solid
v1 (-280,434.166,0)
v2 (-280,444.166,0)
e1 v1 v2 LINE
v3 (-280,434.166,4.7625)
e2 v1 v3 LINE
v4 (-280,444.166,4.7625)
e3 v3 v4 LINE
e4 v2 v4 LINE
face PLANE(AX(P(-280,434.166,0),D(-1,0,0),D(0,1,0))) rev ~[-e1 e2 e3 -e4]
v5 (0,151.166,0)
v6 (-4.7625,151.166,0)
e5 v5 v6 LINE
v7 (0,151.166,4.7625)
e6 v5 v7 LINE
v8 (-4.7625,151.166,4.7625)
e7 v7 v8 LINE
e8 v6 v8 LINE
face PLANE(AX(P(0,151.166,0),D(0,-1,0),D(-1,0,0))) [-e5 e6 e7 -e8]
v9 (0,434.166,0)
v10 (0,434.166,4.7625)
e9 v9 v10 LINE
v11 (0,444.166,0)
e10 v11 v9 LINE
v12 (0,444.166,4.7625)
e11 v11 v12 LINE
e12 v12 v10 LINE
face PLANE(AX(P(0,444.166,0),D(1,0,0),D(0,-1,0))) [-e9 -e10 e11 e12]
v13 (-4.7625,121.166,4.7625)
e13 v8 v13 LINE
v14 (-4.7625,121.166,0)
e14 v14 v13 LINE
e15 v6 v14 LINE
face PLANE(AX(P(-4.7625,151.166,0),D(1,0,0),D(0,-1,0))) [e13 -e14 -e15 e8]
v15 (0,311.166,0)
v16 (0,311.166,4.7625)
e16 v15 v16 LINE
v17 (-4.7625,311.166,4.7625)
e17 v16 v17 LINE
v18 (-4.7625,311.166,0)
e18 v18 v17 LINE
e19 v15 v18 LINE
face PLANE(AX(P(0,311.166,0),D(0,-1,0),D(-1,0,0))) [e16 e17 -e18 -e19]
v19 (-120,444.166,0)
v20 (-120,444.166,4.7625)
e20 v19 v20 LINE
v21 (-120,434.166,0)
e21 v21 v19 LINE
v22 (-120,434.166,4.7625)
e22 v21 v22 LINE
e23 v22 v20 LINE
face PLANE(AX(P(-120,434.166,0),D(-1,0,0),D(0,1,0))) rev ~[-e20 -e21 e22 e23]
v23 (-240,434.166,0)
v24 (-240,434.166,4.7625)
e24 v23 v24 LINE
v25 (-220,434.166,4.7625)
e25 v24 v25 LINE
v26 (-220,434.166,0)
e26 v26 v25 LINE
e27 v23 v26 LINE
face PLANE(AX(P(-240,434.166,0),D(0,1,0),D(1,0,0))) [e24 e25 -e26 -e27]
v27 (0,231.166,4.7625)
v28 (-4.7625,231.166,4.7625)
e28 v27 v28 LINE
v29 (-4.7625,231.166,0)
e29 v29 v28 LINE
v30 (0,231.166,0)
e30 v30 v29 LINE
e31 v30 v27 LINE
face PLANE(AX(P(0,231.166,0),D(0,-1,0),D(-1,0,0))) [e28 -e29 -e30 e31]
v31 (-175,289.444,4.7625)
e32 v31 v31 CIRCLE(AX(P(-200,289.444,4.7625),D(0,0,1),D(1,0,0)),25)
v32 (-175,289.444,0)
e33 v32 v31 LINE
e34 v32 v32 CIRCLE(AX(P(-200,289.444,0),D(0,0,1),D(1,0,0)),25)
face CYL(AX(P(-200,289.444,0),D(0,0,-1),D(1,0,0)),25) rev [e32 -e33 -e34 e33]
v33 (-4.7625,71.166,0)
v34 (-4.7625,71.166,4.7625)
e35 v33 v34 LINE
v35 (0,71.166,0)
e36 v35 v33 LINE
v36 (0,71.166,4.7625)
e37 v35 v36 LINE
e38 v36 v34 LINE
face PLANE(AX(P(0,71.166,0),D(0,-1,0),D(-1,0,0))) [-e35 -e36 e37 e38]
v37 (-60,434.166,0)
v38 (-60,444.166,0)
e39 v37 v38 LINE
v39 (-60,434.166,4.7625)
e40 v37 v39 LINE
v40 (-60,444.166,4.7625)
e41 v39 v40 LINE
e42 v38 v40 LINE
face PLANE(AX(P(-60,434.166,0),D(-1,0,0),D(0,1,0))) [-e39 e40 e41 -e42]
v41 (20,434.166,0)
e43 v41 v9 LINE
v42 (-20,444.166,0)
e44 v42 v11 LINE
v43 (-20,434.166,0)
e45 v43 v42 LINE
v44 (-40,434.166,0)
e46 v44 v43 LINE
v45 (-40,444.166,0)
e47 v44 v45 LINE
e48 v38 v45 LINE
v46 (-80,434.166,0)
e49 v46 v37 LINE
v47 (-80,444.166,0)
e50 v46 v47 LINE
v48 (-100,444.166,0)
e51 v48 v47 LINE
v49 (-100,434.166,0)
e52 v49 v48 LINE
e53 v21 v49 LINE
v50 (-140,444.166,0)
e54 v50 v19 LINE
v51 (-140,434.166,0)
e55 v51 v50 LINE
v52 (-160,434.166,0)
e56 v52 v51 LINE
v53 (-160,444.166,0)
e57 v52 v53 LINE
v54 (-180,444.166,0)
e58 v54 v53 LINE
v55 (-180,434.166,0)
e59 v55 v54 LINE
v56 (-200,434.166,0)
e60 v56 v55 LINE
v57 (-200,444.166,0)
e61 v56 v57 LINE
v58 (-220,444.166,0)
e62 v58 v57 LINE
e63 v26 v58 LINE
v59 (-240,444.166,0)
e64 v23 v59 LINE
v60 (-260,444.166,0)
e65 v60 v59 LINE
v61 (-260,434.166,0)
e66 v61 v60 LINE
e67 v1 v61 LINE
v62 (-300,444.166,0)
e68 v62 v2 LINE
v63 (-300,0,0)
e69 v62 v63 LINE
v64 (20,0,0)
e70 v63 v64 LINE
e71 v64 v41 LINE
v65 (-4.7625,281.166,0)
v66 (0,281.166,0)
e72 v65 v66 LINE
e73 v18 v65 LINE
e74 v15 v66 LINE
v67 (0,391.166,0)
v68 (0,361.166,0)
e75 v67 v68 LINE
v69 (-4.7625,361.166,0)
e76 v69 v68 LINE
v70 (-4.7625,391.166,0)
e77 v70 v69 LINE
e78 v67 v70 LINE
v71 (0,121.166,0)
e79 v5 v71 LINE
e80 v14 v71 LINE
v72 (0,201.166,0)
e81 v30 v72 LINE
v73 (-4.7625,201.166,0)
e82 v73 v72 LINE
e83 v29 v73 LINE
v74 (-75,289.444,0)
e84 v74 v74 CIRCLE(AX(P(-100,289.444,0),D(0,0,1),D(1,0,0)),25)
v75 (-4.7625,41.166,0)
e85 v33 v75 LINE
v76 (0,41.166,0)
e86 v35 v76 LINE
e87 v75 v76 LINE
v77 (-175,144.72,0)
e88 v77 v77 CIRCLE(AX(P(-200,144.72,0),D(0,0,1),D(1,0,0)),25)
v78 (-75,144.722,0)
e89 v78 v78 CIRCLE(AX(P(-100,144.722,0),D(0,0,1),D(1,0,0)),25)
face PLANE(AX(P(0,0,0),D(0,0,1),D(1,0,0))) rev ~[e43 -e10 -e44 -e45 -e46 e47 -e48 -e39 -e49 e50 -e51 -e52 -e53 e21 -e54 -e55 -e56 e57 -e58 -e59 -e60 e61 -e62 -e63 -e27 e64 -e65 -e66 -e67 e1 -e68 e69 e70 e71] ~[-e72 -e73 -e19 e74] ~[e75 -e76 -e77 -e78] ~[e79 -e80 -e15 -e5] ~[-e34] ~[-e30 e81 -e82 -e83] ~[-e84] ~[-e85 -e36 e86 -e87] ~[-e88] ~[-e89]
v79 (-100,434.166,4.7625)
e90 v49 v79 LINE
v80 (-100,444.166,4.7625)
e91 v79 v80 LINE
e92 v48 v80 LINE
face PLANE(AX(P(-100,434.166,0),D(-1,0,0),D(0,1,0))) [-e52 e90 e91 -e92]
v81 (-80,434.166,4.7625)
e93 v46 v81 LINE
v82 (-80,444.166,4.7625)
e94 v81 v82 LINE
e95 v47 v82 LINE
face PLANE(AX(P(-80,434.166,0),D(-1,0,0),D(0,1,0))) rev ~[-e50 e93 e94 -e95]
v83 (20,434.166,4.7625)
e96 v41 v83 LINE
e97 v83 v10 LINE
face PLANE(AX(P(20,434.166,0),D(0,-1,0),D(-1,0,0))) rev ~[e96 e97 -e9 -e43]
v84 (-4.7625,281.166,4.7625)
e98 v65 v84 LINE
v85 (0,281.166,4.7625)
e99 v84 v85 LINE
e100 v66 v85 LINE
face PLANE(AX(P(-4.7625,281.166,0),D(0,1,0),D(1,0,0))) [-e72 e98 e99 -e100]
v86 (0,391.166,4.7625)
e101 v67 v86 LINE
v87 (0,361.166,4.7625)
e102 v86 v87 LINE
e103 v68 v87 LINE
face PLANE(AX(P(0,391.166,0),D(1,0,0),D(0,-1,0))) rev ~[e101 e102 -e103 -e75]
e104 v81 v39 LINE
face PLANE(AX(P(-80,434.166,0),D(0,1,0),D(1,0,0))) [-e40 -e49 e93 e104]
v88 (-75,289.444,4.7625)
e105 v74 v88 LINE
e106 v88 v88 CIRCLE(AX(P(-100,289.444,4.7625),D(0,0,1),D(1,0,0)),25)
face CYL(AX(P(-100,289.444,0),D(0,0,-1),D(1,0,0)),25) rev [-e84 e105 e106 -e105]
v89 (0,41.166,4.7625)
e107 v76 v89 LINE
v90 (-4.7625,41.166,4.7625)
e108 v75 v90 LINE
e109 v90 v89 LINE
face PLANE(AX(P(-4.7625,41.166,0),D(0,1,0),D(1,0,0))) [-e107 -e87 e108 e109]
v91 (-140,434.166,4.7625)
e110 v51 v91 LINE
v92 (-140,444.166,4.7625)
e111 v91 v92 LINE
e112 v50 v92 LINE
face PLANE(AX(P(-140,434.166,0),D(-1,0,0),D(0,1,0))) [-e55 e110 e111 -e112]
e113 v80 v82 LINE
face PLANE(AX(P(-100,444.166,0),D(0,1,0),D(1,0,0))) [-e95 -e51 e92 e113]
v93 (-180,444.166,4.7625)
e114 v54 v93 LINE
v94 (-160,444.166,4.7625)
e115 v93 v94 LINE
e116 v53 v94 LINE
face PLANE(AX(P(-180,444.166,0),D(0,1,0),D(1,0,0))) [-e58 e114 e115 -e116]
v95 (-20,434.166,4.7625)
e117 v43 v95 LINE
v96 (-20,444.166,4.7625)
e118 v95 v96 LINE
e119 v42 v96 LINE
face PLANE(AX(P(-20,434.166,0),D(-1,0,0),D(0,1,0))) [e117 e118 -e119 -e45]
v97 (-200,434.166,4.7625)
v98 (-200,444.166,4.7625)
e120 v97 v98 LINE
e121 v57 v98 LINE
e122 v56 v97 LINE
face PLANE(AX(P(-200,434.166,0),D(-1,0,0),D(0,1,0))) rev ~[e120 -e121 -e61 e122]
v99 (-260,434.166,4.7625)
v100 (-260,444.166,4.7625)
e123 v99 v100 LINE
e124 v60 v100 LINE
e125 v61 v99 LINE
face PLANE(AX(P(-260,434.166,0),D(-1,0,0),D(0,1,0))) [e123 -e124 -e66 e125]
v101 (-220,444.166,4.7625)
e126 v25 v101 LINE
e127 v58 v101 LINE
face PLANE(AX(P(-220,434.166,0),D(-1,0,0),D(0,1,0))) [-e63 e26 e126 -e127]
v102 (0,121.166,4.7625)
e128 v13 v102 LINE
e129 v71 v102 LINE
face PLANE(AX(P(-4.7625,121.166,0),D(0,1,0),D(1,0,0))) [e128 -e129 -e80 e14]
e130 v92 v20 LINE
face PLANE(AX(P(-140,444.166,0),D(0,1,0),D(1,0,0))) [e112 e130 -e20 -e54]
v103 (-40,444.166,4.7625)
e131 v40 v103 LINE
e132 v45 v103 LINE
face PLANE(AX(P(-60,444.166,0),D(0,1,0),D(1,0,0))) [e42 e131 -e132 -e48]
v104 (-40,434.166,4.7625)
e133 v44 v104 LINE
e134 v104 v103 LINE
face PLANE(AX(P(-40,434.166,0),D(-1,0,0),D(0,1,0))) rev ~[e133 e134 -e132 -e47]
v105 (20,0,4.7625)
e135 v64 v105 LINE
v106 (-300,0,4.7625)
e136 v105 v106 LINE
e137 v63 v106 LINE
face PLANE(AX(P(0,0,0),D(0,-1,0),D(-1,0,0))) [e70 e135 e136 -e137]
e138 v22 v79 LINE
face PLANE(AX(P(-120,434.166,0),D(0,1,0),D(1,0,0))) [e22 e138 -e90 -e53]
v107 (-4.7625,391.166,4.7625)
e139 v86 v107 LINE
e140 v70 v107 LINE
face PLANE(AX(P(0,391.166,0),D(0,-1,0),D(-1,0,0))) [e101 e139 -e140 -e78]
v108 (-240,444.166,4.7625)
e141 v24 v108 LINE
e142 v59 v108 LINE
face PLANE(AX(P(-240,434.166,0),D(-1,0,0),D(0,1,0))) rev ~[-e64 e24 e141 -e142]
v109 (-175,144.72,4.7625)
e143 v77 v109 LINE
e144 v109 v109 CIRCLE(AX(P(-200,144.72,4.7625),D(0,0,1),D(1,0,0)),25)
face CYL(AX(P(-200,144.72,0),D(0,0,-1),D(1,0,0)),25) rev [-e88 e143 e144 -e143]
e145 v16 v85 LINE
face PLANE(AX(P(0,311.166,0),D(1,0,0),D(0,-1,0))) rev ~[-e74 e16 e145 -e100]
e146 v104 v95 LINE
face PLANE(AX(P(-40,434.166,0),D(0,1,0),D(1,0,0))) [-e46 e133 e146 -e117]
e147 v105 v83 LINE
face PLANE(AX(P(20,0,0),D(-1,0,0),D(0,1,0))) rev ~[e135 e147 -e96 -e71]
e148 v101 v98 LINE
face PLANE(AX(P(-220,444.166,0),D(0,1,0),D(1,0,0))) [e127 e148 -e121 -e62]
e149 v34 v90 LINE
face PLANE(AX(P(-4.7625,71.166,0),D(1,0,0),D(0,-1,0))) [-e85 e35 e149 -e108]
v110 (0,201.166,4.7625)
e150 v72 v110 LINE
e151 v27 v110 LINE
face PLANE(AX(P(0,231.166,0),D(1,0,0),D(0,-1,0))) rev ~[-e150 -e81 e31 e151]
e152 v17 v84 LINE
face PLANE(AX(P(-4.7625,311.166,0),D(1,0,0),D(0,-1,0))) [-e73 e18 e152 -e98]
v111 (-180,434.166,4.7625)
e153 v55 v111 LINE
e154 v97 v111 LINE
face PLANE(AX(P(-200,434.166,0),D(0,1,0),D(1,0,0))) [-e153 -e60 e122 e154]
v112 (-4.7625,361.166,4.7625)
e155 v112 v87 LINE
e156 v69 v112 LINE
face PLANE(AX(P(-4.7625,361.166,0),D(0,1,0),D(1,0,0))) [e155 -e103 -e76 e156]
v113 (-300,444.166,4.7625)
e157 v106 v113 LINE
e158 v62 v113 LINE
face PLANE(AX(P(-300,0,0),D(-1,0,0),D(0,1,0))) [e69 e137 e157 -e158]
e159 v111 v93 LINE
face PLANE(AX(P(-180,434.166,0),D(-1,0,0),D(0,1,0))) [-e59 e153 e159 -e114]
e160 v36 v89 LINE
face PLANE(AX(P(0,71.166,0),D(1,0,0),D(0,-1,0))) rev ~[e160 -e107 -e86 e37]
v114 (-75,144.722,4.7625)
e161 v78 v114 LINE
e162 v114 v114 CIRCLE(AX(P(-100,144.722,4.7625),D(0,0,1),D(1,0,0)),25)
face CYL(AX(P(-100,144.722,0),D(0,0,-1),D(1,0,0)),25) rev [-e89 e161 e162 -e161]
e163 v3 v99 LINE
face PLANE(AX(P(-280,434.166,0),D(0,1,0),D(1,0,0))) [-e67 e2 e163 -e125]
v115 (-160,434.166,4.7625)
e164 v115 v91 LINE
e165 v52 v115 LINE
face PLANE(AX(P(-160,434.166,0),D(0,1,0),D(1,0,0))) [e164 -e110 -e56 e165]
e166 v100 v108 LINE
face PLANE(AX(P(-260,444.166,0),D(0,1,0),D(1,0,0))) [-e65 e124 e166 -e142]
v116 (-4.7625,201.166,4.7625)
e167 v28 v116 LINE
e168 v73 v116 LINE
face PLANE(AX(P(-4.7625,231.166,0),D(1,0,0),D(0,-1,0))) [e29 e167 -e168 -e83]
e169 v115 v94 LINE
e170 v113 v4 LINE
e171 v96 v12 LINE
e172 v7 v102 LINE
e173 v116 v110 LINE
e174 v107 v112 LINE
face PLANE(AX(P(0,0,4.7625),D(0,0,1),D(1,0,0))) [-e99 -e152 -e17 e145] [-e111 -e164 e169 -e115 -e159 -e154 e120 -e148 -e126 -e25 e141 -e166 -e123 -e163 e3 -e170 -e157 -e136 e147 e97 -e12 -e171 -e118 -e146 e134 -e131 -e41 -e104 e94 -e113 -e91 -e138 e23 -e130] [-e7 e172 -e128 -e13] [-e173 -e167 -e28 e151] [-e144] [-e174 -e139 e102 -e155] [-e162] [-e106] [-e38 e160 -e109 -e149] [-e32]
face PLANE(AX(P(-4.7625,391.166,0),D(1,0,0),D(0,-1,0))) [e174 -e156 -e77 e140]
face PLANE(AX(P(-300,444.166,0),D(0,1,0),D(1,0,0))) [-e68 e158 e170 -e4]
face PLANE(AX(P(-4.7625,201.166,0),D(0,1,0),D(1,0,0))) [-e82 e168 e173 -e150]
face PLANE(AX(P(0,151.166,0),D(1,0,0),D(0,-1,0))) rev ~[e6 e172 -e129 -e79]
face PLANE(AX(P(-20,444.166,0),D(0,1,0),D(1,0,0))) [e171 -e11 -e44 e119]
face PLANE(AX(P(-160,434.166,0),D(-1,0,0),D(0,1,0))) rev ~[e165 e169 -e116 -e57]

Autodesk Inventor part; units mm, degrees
ref_plane "YZ Plane" through (0, 0, 0) normal (1, 0, 0) x (0, 1, 0)
ref_plane "XZ Plane" through (0, 0, 0) normal (0, 1, 0) x (-1, 0, 0)
ref_plane "XY Plane" through (0, 0, 0) normal (0, 0, 1) x (1, 0, 0)
ref_plane "Work Plane1" through (0, 0, 0) normal (0, 0, 1) x (1, 0, 0)
sketch "Sketch1" plane through (0, 0, 0) normal (0, 0, 1) x (1, 0, 0)
  line L0 (0, 0) -> (-300, 0)
  line L1 (-300, 0) -> (-300, 434.166)
  line L2 (-300, 434.166) -> (0, 434.166)
  line L3 (0, 434.166) -> (0, 0)
  line L4 (0, 0) -> (20, 0)
  line L5 (20, 0) -> (20, 434.166)
  line L6 (20, 434.166) -> (0, 434.166)
  line L7 (0, 434.166) -> (0, 0)
  line L8 (0, 434.166) -> (-20, 434.166)
  line L9 (-20, 434.166) -> (-20, 444.166)
  line L10 (-20, 444.166) -> (0, 444.166)
  line L11 (0, 444.166) -> (0, 434.166)
  line L12 (-20, 434.166) -> (-40, 434.166)
  line L13 (-40, 434.166) -> (-40, 444.166)
  line L14 (-40, 444.166) -> (-20, 444.166)
  line L15 (-20, 444.166) -> (-20, 434.166)
  line L16 (-40, 434.166) -> (-60, 434.166)
  line L17 (-60, 434.166) -> (-60, 444.166)
  line L18 (-60, 444.166) -> (-40, 444.166)
  line L19 (-40, 444.166) -> (-40, 434.166)
  line L20 (-60, 434.166) -> (-80, 434.166)
  line L21 (-80, 434.166) -> (-80, 444.166)
  line L22 (-80, 444.166) -> (-60, 444.166)
  line L23 (-60, 444.166) -> (-60, 434.166)
  line L24 (-80, 434.166) -> (-100, 434.166)
  line L25 (-100, 434.166) -> (-100, 444.166)
  line L26 (-100, 444.166) -> (-80, 444.166)
  line L27 (-80, 444.166) -> (-80, 434.166)
  line L28 (-100, 434.166) -> (-120, 434.166)
  line L29 (-120, 434.166) -> (-120, 444.166)
  line L30 (-120, 444.166) -> (-100, 444.166)
  line L31 (-100, 444.166) -> (-100, 434.166)
  line L32 (-120, 434.166) -> (-140, 434.166)
  line L33 (-140, 434.166) -> (-140, 444.166)
  line L34 (-140, 444.166) -> (-120, 444.166)
  line L35 (-120, 444.166) -> (-120, 434.166)
  line L36 (-140, 434.166) -> (-160, 434.166)
  line L37 (-160, 434.166) -> (-160, 444.166)
  line L38 (-160, 444.166) -> (-140, 444.166)
  line L39 (-140, 444.166) -> (-140, 434.166)
  line L40 (-160, 434.166) -> (-180, 434.166)
  line L41 (-180, 434.166) -> (-180, 444.166)
  line L42 (-180, 444.166) -> (-160, 444.166)
  line L43 (-160, 444.166) -> (-160, 434.166)
  line L44 (-180, 434.166) -> (-200, 434.166)
  line L45 (-200, 434.166) -> (-200, 444.166)
  line L46 (-200, 444.166) -> (-180, 444.166)
  line L47 (-180, 444.166) -> (-180, 434.166)
  line L48 (-200, 434.166) -> (-220, 434.166)
  line L49 (-220, 434.166) -> (-220, 444.166)
  line L50 (-220, 444.166) -> (-200, 444.166)
  line L51 (-200, 444.166) -> (-200, 434.166)
  line L52 (-220, 434.166) -> (-240, 434.166)
  line L53 (-240, 434.166) -> (-240, 444.166)
  line L54 (-240, 444.166) -> (-220, 444.166)
  line L55 (-220, 444.166) -> (-220, 434.166)
  line L56 (-240, 434.166) -> (-260, 434.166)
  line L57 (-260, 434.166) -> (-260, 444.166)
  line L58 (-260, 444.166) -> (-240, 444.166)
  line L59 (-240, 444.166) -> (-240, 434.166)
  line L60 (-260, 434.166) -> (-280, 434.166)
  line L61 (-280, 434.166) -> (-280, 444.166)
  line L62 (-280, 444.166) -> (-260, 444.166)
  line L63 (-260, 444.166) -> (-260, 434.166)
  line L64 (-280, 434.166) -> (-300, 434.166)
  line L65 (-300, 434.166) -> (-300, 444.166)
  line L66 (-300, 444.166) -> (-280, 444.166)
  line L67 (-280, 444.166) -> (-280, 434.166)
  line L68 (0, 391.166) -> (-4.7625, 391.166)
  line L69 (-4.7625, 391.166) -> (-4.7625, 361.166)
  line L70 (-4.7625, 361.166) -> (0, 361.166)
  line L71 (0, 361.166) -> (0, 391.166)
  line L72 (0, 311.166) -> (-4.7625, 311.166)
  line L73 (-4.7625, 311.166) -> (-4.7625, 281.166)
  line L74 (-4.7625, 281.166) -> (0, 281.166)
  line L75 (0, 281.166) -> (0, 311.166)
  line L76 (0, 231.166) -> (-4.7625, 231.166)
  line L77 (-4.7625, 231.166) -> (-4.7625, 201.166)
  line L78 (-4.7625, 201.166) -> (0, 201.166)
  line L79 (0, 201.166) -> (0, 231.166)
  line L80 (0, 151.166) -> (-4.7625, 151.166)
  line L81 (-4.7625, 151.166) -> (-4.7625, 121.166)
  line L82 (-4.7625, 121.166) -> (0, 121.166)
  line L83 (0, 121.166) -> (0, 151.166)
  line L84 (0, 71.166) -> (-4.7625, 71.166)
  line L85 (-4.7625, 71.166) -> (-4.7625, 41.166)
  line L86 (-4.7625, 41.166) -> (0, 41.166)
  line L87 (0, 41.166) -> (0, 71.166)
  circle A0 centre (-200, 289.444) radius 25
  circle A1 centre (-200, 144.72) radius 25
  circle A2 centre (-100, 289.444) radius 25
  circle A3 centre (-100, 144.722) radius 25
  point P0 (-210, 444.166)
  point P1 (-210, 434.166)
  point P2 (-190, 434.166)
  point P3 (0, 361.166)
  dimension "d0" = 300
  dimension "d1" = 434.166
  dimension "d2" = 20
  dimension "d3" = 20
  dimension "d4" = 10
  dimension "d5" = 20
  dimension "d6" = 10
  dimension "d7" = 20
  dimension "d8" = 10
  dimension "d9" = 20
  dimension "d10" = 20
  dimension "d11" = 20
  dimension "d12" = 20
  dimension "d13" = 20
  dimension "d14" = 20
  dimension "d15" = 20
  dimension "d16" = 20
  dimension "d17" = 20
  dimension "d18" = 20
  dimension "d19" = 20
  dimension "d20" = 20
  dimension "d21" = 10
  dimension "d22" = 10
  dimension "d23" = 10
  dimension "d24" = 10
  dimension "d25" = 10
  dimension "d26" = 10
  dimension "d27" = 10
  dimension "d28" = 10
  dimension "d29" = 4.7625
  dimension "d30" = 30
  dimension "d31" = 4.7625
  dimension "d32" = 30
  dimension "d33" = 4.7625
  dimension "d34" = 30
  dimension "d35" = 4.7625
  dimension "d36" = 30
  dimension "d37" = 4.7625
  dimension "d38" = 30
  dimension "d39" = 43
  dimension "d40" = 50
  dimension "d41" = 50
  dimension "d42" = 50
  dimension "d43" = 50
  dimension "d46" = 50
  dimension "d47" = 50
  dimension "d48" = 50
  dimension "d49" = 50
  dimension "d50" = 100
  dimension "d51" = 100
  dimension "d52" = 100
  dimension "d53" = 100
  dimension "d54" = 144.722
  dimension "d55" = 144.722
  dimension "d56" = 144.72
  dimension "d57" = 144.722
extrude "Extrusion1" add sketch "Sketch1" along normal blind 4.7625 contours L0 L1 L2 L3 L68 L69 L70 L72 L73 L74 L76 L77 L78 L80 L81 L82 L84 L85 L86 | L3 L6 L5 L4 | L65 L66 L61 L2 | L2 L9 L10 L11 | L57 L58 L53 L2 | L2 L17 L18 L13 | L49 L50 L45 L2 | L2 L25 L26 L21 | L41 L42 L37 L2 | L2 L33 L34 L29
properties part number "right back" material "foam core"
